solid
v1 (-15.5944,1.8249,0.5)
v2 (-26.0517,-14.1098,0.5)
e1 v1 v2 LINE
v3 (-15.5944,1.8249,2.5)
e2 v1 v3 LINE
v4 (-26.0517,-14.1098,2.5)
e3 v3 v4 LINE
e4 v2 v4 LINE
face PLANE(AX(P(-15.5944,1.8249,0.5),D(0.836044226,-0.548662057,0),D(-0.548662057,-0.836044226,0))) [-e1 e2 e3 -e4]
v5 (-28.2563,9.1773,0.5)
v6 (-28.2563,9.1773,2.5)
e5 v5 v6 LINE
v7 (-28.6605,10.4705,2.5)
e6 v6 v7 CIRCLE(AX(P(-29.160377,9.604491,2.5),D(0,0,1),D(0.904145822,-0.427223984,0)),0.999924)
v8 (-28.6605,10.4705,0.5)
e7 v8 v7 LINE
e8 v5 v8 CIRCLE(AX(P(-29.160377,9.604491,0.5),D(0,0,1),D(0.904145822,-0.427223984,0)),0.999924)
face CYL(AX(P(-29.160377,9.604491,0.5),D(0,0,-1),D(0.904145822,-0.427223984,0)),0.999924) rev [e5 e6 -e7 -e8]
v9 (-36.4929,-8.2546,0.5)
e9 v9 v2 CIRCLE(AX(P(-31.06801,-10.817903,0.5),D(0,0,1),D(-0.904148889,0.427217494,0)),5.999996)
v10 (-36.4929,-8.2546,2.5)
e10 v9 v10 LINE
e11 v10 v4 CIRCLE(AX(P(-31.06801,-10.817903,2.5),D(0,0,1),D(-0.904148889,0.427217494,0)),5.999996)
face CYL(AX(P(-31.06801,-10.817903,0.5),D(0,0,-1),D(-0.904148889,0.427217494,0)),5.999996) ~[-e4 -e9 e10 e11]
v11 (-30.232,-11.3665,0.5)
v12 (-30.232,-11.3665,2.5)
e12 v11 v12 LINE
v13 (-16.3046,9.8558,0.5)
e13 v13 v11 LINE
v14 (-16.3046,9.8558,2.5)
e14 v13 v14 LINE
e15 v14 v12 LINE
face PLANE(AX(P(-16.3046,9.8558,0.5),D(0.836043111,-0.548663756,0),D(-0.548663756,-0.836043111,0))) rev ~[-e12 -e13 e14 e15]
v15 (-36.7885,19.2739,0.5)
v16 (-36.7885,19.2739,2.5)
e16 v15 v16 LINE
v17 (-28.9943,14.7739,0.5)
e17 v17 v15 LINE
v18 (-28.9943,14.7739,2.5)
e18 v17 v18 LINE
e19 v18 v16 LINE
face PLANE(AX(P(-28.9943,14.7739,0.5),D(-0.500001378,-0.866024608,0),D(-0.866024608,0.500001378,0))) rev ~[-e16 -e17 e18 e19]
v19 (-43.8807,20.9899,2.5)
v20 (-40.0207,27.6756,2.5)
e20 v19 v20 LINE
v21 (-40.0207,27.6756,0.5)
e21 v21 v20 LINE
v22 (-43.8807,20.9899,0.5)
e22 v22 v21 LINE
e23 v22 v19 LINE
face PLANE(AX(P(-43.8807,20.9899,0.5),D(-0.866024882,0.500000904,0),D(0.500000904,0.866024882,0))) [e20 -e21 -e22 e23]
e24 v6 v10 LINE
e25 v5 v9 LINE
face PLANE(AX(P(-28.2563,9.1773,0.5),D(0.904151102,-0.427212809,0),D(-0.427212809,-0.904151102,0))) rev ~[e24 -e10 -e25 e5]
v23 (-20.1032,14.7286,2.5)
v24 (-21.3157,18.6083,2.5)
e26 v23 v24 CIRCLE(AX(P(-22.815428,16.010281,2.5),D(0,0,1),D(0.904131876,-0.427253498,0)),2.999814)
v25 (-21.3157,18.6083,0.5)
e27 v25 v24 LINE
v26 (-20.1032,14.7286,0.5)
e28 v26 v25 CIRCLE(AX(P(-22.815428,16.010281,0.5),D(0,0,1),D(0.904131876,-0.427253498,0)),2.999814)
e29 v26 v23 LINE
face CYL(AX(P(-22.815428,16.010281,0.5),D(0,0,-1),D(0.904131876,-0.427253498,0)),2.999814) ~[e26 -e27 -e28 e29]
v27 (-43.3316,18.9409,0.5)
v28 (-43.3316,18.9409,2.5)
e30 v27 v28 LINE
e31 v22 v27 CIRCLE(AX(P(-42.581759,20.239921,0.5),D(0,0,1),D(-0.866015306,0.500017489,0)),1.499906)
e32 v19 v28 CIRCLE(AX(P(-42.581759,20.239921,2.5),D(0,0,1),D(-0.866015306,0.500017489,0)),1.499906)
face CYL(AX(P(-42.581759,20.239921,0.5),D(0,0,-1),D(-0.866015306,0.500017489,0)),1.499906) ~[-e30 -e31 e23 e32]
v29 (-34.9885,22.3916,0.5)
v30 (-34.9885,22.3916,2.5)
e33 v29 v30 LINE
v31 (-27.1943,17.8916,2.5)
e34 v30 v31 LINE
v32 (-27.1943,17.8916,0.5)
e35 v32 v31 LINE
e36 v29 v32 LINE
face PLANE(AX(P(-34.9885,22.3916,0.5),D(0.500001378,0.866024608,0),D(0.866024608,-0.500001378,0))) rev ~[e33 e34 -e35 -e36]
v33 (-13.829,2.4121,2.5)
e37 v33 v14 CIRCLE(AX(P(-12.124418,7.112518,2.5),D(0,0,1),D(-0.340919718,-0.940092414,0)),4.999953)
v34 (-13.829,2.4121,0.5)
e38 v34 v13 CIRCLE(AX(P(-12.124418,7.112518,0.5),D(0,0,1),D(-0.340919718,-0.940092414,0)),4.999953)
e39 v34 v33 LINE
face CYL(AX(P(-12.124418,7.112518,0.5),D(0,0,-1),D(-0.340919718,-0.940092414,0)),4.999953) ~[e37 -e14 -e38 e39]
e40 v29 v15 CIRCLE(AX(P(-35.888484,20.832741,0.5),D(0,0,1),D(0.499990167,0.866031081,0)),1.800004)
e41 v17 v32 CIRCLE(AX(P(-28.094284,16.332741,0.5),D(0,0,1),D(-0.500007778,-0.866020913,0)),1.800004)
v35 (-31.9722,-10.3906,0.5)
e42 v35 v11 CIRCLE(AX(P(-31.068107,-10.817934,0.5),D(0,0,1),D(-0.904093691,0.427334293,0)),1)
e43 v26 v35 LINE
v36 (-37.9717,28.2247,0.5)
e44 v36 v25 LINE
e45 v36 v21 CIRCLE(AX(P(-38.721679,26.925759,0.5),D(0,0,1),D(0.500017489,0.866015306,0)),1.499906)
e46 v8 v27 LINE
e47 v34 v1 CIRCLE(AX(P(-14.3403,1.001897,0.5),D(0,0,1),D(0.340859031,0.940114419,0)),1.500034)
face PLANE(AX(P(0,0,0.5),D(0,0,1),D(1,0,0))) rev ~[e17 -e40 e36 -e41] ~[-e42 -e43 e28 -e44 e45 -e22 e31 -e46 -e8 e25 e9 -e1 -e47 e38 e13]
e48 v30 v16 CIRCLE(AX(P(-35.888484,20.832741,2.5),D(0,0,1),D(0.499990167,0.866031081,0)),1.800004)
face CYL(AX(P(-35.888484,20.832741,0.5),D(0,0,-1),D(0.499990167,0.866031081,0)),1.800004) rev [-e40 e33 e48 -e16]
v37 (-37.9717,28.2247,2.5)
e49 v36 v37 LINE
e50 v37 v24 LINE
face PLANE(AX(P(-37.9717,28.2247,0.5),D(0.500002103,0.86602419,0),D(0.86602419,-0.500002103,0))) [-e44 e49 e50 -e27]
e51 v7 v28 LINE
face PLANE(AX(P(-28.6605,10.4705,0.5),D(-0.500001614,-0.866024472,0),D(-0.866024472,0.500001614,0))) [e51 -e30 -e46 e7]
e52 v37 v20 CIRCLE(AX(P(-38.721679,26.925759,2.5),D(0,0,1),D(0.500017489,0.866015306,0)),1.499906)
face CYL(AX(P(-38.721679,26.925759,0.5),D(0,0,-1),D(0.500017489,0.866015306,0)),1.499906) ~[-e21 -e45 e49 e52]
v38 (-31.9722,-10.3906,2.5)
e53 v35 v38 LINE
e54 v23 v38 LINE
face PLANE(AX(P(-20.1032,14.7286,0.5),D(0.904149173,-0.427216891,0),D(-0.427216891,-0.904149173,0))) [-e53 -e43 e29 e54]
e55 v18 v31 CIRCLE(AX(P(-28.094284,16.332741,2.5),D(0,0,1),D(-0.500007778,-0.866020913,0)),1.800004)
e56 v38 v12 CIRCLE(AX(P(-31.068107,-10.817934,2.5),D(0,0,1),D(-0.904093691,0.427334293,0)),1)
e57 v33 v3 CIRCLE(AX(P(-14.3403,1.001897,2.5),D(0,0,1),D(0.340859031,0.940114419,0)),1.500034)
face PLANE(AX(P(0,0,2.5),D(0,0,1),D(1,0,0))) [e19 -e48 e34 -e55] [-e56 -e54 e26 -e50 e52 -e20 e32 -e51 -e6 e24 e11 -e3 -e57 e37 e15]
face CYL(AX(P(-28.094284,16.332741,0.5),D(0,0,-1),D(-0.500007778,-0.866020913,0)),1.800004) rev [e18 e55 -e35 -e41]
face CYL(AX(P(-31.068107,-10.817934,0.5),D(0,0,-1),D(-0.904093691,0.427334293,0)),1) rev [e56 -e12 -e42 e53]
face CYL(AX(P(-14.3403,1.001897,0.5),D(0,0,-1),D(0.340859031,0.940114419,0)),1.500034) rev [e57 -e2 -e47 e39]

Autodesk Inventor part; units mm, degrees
ref_plane "YZ Plane" through (0, 0, 0) normal (1, 0, 0) x (0, 1, 0)
ref_plane "XZ Plane" through (0, 0, 0) normal (0, 1, 0) x (-1, 0, 0)
ref_plane "Work Plane1" through (0, 0, 0.5) normal (0, 0, 1) x (1, 0, 0)
sketch "Sketch1" plane through (0, 0, 0.5) normal (0, 0, 1) x (1, 0, 0)
  line L0 (-82.7297, 47.8765) -> (82.7746, -47.6774) construction
  arc A0 (-7.7942, 4.6125) -> (-6.6121, 9.7651) centre (-15.5885, 9.1125) ccw construction
  arc A1 (-11.6654, 1.0125) -> (-7.7942, 4.6125) centre (-15.5885, 9.1125) ccw construction
  line L1 (-11.2583, 6.6125) -> (-15.5885, 9.1125) construction
  line L2 (-12.6807, 17.8261) -> (-21.6807, 2.2376) construction
  line L3 (-21.3116, 18.0806) -> (-26.3941, 9.2775) construction
  line L4 (-23.2429, 13.5318) -> (-25.2874, 14.7122) construction
  line L5 (-28.644, 9.9991) -> (-48.2897, 21.3415) construction
  line L6 (-42.5297, 31.3181) -> (-22.884, 19.9757) construction
  arc A2 (-28.7943, 15.1203) -> (-27.3943, 17.5452) centre (-28.0943, 16.3328) ccw construction
  line L7 (-27.3943, 17.5452) -> (-32.5904, 20.5452) construction
  arc A3 (-32.5904, 20.5452) -> (-33.9904, 18.1203) centre (-33.2904, 19.3328) ccw construction
  line L8 (-33.9904, 18.1203) -> (-28.7943, 15.1203) construction
  arc A4 (-13.829, 2.4121) -> (-16.4545, 9.6125) centre (-12.1244, 7.1125) ccw
  line L9 (-16.3046, 9.8558) -> (-30.232, -11.3665)
  line L10 (-20.1032, 14.7286) -> (-31.9722, -10.3906)
  arc A5 (-31.9722, -10.3906) -> (-30.232, -11.3665) centre (-31.068, -10.8179) ccw
  arc A6 (-20.1032, 14.7286) -> (-21.3157, 18.6083) centre (-22.8157, 16.0103) ccw
  arc A7 (-28.2563, 9.1773) -> (-28.6605, 10.4705) centre (-29.1605, 9.6045) ccw
  line L11 (-28.2563, 9.1773) -> (-36.4929, -8.2546)
  line L12 (-15.5944, 1.8249) -> (-26.0517, -14.1098)
  line L13 (-29.644, 8.267) -> (-28.644, 9.9991) construction
  line L14 (-15.2247, 16.6235) -> (-28.1306, -5.7301) construction
  arc A8 (-13.829, 2.4121) -> (-15.5944, 1.8249) centre (-14.3403, 1.0019) ccw
  arc A9 (-28.9943, 14.7739) -> (-27.1943, 17.8916) centre (-28.0943, 16.3328) ccw
  line L15 (-28.9943, 14.7739) -> (-36.7885, 19.2739)
  line L16 (-34.9885, 22.3916) -> (-27.1943, 17.8916)
  line L17 (-28.6605, 10.4705) -> (-43.3316, 18.9409)
  line L18 (-43.8807, 20.9899) -> (-40.0207, 27.6756)
  line L19 (-37.9717, 28.2247) -> (-21.3157, 18.6083)
  line L20 (-12.1244, 7.1125) -> (-15.5944, 1.8249) construction
  arc A10 (-36.4929, -8.2546) -> (-26.0517, -14.1098) centre (-31.068, -10.8179) ccw
  arc A11 (-34.9885, 22.3916) -> (-36.7885, 19.2739) centre (-35.8885, 20.8328) ccw
  arc A12 (-43.8807, 20.9899) -> (-43.3316, 18.9409) centre (-42.5816, 20.2399) ccw
  arc A13 (-37.9717, 28.2247) -> (-40.0207, 27.6756) centre (-38.7217, 26.9256) ccw
  point P0 (0, 0)
  point P1 (-31.0672, 39.9799)
  point P2 (-50.0597, 7.0838)
  dimension "d28" = 2
  dimension "d30" = 2
  dimension "d31" = 6
  dimension "d32" = 6
  dimension "d33" = 5
  dimension "d34" = 25
  dimension "d35" = 3
  dimension "d37" = 0.4
  dimension "d38" = 0.4
  dimension "d39" = 0.4
  dimension "d40" = 10
  dimension "d41" = 5
  dimension "d42" = 9
  dimension "d44" = 0.25
  dimension "d45" = 1.5
extrude "Extrusion1" add sketch "Sketch1" along normal blind 2
equation "\"d39\" = d38"
properties part number "plastic-spring" material "ABS Plastic"
